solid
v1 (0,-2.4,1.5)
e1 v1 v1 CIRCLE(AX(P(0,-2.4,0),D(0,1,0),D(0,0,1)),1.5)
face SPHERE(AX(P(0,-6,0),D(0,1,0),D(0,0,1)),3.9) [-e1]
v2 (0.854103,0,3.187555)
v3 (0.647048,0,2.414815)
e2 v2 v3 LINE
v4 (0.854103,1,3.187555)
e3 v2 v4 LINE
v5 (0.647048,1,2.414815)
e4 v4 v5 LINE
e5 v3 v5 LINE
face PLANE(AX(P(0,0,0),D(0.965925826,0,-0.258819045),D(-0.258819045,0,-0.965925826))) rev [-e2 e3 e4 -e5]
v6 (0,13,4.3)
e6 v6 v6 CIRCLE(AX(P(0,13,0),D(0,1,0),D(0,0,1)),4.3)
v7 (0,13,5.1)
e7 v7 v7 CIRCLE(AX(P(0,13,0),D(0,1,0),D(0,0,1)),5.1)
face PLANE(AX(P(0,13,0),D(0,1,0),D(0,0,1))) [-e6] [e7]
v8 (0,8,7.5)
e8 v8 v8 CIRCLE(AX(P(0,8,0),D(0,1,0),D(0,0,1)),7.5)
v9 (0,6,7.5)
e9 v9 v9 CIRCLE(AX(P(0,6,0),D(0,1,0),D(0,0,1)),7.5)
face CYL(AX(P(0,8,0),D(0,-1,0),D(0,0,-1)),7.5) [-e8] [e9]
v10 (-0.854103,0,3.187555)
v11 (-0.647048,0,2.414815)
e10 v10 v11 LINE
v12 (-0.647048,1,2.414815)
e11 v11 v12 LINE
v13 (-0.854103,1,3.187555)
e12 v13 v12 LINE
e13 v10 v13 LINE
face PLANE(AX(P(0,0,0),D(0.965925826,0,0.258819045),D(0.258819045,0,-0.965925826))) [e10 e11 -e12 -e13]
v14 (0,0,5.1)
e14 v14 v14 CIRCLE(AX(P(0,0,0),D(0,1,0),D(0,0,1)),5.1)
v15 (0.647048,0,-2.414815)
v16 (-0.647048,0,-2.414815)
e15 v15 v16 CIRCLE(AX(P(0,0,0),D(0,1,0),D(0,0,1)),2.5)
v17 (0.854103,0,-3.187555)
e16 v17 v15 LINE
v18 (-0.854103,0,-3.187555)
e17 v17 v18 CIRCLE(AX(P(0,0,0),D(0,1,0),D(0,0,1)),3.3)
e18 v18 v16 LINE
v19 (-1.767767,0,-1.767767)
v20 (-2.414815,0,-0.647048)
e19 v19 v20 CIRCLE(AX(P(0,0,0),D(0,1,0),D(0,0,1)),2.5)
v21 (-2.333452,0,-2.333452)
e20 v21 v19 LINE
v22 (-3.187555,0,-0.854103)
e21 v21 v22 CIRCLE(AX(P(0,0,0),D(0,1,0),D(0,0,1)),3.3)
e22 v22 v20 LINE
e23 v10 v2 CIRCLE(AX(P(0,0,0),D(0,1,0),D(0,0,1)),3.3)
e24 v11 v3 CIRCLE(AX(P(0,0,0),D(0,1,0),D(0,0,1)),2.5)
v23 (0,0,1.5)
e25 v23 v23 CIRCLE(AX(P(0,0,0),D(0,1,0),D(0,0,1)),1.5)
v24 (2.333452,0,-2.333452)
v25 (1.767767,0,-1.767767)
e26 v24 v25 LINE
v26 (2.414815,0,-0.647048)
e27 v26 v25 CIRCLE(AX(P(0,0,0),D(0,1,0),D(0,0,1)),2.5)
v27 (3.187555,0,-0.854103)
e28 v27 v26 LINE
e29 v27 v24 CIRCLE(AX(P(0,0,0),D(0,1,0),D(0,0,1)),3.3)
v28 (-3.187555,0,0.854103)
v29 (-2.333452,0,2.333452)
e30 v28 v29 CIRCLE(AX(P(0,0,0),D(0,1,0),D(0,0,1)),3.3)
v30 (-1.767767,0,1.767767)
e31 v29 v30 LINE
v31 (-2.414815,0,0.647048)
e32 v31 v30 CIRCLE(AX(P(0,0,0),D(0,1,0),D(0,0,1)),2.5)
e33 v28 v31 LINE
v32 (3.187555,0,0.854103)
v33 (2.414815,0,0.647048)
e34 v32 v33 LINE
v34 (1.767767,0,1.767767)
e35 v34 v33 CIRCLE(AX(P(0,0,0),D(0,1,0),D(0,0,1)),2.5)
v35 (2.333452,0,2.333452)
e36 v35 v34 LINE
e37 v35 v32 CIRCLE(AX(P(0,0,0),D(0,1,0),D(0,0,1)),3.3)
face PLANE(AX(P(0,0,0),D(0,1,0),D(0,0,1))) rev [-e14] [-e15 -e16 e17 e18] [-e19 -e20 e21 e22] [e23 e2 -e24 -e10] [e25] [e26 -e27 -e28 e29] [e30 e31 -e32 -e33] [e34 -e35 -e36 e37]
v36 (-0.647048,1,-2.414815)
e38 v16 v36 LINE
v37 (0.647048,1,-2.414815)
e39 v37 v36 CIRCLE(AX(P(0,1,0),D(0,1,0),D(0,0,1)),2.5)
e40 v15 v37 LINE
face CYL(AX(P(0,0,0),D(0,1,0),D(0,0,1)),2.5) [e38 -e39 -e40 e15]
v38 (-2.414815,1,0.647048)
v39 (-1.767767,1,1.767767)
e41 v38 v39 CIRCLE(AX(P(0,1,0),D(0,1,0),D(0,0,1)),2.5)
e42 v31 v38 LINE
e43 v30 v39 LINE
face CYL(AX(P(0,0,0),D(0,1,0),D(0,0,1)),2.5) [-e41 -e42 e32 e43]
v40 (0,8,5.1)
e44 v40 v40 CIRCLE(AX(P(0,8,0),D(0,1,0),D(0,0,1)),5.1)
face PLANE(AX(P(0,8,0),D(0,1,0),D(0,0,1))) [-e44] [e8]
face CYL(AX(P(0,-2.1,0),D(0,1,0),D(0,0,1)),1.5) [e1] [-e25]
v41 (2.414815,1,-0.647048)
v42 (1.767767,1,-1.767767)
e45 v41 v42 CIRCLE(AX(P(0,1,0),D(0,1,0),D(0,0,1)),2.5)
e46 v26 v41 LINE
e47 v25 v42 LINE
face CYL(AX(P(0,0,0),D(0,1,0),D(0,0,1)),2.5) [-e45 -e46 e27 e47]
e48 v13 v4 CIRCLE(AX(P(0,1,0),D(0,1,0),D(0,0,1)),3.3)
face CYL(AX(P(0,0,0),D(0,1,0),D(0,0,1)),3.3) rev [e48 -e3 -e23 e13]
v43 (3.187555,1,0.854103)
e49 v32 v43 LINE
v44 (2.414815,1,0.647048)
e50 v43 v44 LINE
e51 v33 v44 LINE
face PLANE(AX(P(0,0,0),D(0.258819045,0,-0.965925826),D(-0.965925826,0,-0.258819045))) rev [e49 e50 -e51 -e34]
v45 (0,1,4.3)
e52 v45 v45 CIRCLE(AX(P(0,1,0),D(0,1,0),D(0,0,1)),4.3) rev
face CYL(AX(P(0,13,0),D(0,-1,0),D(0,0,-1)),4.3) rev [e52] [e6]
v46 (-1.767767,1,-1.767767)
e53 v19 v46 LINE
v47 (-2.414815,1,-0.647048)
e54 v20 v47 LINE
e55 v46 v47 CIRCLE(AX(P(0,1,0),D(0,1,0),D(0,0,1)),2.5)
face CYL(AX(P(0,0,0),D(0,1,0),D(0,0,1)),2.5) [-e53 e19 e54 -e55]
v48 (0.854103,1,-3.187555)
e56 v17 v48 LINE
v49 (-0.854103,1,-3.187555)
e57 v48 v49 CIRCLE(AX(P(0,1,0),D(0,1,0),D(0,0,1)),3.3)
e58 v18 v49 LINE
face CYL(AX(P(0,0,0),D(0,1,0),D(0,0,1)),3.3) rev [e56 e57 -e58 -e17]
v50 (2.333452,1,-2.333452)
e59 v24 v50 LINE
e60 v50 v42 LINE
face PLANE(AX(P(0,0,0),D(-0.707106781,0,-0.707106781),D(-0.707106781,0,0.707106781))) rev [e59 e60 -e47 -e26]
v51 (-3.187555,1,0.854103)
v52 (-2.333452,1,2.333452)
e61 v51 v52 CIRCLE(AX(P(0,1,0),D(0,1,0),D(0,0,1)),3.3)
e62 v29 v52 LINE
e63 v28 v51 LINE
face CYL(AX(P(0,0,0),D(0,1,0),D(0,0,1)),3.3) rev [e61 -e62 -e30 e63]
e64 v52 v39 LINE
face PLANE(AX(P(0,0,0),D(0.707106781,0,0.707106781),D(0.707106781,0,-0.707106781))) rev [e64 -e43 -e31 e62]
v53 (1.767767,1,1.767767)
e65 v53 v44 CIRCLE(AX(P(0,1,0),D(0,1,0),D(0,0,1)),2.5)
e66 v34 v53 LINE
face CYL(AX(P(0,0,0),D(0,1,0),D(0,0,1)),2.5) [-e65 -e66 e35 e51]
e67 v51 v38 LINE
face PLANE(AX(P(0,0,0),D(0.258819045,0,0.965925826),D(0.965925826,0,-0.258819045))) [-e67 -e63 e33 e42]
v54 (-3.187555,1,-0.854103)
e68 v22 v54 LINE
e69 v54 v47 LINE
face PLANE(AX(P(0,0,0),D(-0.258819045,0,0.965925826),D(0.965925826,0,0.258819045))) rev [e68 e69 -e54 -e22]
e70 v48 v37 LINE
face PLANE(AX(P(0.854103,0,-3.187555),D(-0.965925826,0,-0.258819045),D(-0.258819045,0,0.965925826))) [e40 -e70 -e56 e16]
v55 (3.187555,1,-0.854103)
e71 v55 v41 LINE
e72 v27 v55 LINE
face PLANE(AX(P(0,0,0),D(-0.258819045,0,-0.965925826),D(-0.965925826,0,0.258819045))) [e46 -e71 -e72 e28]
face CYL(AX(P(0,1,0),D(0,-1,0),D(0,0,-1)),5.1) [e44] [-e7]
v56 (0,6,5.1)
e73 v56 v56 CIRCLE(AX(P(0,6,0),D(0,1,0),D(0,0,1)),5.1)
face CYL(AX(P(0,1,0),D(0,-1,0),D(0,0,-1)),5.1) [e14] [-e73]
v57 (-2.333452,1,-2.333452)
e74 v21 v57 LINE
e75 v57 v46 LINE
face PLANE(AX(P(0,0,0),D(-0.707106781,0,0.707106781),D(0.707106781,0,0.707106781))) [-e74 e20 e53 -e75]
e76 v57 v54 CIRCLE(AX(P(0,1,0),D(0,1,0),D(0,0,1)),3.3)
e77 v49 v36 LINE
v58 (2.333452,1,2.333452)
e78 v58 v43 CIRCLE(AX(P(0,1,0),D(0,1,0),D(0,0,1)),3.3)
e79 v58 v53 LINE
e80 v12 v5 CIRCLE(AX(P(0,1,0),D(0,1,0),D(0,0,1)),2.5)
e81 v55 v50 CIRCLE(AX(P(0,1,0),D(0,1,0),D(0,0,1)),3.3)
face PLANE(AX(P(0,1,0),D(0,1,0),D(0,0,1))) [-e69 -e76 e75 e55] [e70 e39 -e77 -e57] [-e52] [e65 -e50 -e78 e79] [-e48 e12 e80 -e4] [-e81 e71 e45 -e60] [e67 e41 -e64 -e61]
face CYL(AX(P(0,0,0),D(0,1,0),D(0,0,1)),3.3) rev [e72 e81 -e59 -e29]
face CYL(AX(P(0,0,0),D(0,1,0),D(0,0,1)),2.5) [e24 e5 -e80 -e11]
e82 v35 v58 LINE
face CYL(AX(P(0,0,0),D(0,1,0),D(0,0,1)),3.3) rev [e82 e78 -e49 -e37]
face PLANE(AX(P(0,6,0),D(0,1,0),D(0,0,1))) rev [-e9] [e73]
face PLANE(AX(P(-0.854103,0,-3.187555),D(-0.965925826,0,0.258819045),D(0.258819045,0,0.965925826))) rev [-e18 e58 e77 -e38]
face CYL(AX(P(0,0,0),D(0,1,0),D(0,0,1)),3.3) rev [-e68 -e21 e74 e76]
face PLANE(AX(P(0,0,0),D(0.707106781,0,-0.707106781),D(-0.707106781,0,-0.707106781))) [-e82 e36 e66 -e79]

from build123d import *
from build123d.topology import SkipClean

# Parameters (mm, degrees)
SKETCH2_R           = 5.1
BOSS_EXTRUDE1_DEPTH = 1
SKETCH3_R           = 5.1
SKETCH3_R_2         = 4.3
BOSS_EXTRUDE2_DEPTH = 12
CUT_EXTRUDE2_DEPTH  = 1
SKETCH7_R           = 7.5
SKETCH7_R_2         = 5.1
BOSS_EXTRUDE4_DEPTH = 2


with BuildPart() as part:
    # Sketch2 → Boss-Extrude1 (new body)
    with BuildSketch(Plane(origin=(0, 0, 0), x_dir=(1, 0, 0), z_dir=(0, 1, 0))):
        with Locations(Location((0, 0, 0), (0, 0, 270))):
            Circle(SKETCH2_R)
    extrude(amount=BOSS_EXTRUDE1_DEPTH)

    # Sketch3 → Boss-Extrude2 (add)
    with BuildSketch(Plane(origin=(0, 1, 0), x_dir=(1, 0, 0), z_dir=(0, 1, 0))):
        with Locations(Location((0, 0, 0), (0, 0, 270))):
            Circle(SKETCH3_R)
        with Locations(Location((0, 0, 0), (0, 0, 270))):
            Circle(SKETCH3_R_2, mode=Mode.SUBTRACT)
    extrude(amount=BOSS_EXTRUDE2_DEPTH)

    # Sketch6 → Cut-Extrude2 (cut)
    with BuildSketch(Plane(origin=(0, 1, 0), x_dir=(1, 0, 0), z_dir=(0, 1, 0))):
        with BuildLine():
            ThreePointArc((-1.767766953, 1.767766953), (-2.165063509, 1.25), (-2.414814566, 0.647047613))
            Line((-2.414814566, 0.647047613), (-3.187555227, 0.854102849))
            ThreePointArc((-3.187555227, 0.854102849), (-2.857883832, 1.65), (-2.333452378, 2.333452378))
            Line((-2.333452378, 2.333452378), (-1.767766953, 1.767766953))
        make_face()
        with BuildLine():
            ThreePointArc((2.414814566, 0.647047613), (2.165063509, 1.25), (1.767766953, 1.767766953))
            Line((1.767766953, 1.767766953), (2.333452378, 2.333452378))
            ThreePointArc((2.333452378, 2.333452378), (2.857883832, 1.65), (3.187555227, 0.854102849))
            Line((3.187555227, 0.854102849), (2.414814566, 0.647047613))
        make_face()
        with BuildLine():
            ThreePointArc((1.767766953, -1.767766953), (2.165063509, -1.25), (2.414814566, -0.647047613))
            Line((2.414814566, -0.647047613), (3.187555227, -0.854102849))
            ThreePointArc((3.187555227, -0.854102849), (2.857883832, -1.65), (2.333452378, -2.333452378))
            Line((2.333452378, -2.333452378), (1.767766953, -1.767766953))
        make_face()
        with BuildLine():
            ThreePointArc((-0.647047613, -2.414814566), (0, -2.5), (0.647047613, -2.414814566))
            Line((0.647047613, -2.414814566), (0.854102849, -3.187555227))
            ThreePointArc((0.854102849, -3.187555227), (0, -3.3), (-0.854102849, -3.187555227))
            Line((-0.854102849, -3.187555227), (-0.647047613, -2.414814566))
        make_face()
        with BuildLine():
            ThreePointArc((-2.414814566, -0.647047613), (-2.165063509, -1.25), (-1.767766953, -1.767766953))
            Line((-1.767766953, -1.767766953), (-2.333452378, -2.333452378))
            ThreePointArc((-2.333452378, -2.333452378), (-2.857883832, -1.65), (-3.187555227, -0.854102849))
            Line((-3.187555227, -0.854102849), (-2.414814566, -0.647047613))
        make_face()
        with BuildLine():
            ThreePointArc((0.647047613, 2.414814566), (0, 2.5), (-0.647047613, 2.414814566))
            Line((-0.647047613, 2.414814566), (-0.854102849, 3.187555227))
            ThreePointArc((-0.854102849, 3.187555227), (0, 3.3), (0.854102849, 3.187555227))
            Line((0.854102849, 3.187555227), (0.647047613, 2.414814566))
        make_face()
    extrude(amount=-CUT_EXTRUDE2_DEPTH, mode=Mode.SUBTRACT)

    # Sketch7 → Boss-Extrude4 (add)
    with BuildSketch(Plane(origin=(0, 6, 0), x_dir=(1, 0, 0), z_dir=(0, 1, 0))):
        with Locations(Location((0, 0, 0), (0, 0, 270))):
            Circle(SKETCH7_R)
        with Locations(Location((0, 0, 0), (0, 0, 270))):
            Circle(SKETCH7_R_2, mode=Mode.SUBTRACT)
    extrude(amount=BOSS_EXTRUDE4_DEPTH)

    # Sketch10 → Revolve1 (revolve)
    with SkipClean():  # the faces are left unmerged after this step: merging them gives an invalid solid
        with BuildSketch(Plane(origin=(0, 0, 0), x_dir=(0, 0, -1), z_dir=(1, 0, 0)), mode=Mode.PRIVATE) as revolve1_sk:
            with BuildLine():
                ThreePointArc((1.5, -2.4), (0.764852927, -2.175735365), (0, -2.1))
                Line((0, -2.1), (0, -6))
                Line((0, -6), (0, -9.9))
                ThreePointArc((0, -9.9), (2.757716447, -8.757716447), (3.9, -6))
                ThreePointArc((3.9, -6), (3.244996148, -3.836669235), (1.5, -2.4))
            make_face()
            with BuildLine():
                Line((0, -6), (0, -2.1))
                ThreePointArc((0, -2.1), (-0.764852927, -2.175735365), (-1.5, -2.4))
                ThreePointArc((-1.5, -2.4), (-3.824264635, -6.764852927), (0, -9.9))
                Line((0, -9.9), (0, -6))
            make_face()
            with BuildLine():
                Line((0, -2.1), (0, 0))
                Line((0, 0), (-1.5, 0))
                Line((-1.5, 0), (-1.5, -2.4))
                ThreePointArc((-1.5, -2.4), (-0.764852927, -2.175735365), (0, -2.1))
            make_face()
        revolve(revolve1_sk.sketch.rotate(Axis((0, -2.1, 0), (0, -1, 0)), 180), axis=Axis((0, -2.1, 0), (0, -1, 0)))


solid = part.part
